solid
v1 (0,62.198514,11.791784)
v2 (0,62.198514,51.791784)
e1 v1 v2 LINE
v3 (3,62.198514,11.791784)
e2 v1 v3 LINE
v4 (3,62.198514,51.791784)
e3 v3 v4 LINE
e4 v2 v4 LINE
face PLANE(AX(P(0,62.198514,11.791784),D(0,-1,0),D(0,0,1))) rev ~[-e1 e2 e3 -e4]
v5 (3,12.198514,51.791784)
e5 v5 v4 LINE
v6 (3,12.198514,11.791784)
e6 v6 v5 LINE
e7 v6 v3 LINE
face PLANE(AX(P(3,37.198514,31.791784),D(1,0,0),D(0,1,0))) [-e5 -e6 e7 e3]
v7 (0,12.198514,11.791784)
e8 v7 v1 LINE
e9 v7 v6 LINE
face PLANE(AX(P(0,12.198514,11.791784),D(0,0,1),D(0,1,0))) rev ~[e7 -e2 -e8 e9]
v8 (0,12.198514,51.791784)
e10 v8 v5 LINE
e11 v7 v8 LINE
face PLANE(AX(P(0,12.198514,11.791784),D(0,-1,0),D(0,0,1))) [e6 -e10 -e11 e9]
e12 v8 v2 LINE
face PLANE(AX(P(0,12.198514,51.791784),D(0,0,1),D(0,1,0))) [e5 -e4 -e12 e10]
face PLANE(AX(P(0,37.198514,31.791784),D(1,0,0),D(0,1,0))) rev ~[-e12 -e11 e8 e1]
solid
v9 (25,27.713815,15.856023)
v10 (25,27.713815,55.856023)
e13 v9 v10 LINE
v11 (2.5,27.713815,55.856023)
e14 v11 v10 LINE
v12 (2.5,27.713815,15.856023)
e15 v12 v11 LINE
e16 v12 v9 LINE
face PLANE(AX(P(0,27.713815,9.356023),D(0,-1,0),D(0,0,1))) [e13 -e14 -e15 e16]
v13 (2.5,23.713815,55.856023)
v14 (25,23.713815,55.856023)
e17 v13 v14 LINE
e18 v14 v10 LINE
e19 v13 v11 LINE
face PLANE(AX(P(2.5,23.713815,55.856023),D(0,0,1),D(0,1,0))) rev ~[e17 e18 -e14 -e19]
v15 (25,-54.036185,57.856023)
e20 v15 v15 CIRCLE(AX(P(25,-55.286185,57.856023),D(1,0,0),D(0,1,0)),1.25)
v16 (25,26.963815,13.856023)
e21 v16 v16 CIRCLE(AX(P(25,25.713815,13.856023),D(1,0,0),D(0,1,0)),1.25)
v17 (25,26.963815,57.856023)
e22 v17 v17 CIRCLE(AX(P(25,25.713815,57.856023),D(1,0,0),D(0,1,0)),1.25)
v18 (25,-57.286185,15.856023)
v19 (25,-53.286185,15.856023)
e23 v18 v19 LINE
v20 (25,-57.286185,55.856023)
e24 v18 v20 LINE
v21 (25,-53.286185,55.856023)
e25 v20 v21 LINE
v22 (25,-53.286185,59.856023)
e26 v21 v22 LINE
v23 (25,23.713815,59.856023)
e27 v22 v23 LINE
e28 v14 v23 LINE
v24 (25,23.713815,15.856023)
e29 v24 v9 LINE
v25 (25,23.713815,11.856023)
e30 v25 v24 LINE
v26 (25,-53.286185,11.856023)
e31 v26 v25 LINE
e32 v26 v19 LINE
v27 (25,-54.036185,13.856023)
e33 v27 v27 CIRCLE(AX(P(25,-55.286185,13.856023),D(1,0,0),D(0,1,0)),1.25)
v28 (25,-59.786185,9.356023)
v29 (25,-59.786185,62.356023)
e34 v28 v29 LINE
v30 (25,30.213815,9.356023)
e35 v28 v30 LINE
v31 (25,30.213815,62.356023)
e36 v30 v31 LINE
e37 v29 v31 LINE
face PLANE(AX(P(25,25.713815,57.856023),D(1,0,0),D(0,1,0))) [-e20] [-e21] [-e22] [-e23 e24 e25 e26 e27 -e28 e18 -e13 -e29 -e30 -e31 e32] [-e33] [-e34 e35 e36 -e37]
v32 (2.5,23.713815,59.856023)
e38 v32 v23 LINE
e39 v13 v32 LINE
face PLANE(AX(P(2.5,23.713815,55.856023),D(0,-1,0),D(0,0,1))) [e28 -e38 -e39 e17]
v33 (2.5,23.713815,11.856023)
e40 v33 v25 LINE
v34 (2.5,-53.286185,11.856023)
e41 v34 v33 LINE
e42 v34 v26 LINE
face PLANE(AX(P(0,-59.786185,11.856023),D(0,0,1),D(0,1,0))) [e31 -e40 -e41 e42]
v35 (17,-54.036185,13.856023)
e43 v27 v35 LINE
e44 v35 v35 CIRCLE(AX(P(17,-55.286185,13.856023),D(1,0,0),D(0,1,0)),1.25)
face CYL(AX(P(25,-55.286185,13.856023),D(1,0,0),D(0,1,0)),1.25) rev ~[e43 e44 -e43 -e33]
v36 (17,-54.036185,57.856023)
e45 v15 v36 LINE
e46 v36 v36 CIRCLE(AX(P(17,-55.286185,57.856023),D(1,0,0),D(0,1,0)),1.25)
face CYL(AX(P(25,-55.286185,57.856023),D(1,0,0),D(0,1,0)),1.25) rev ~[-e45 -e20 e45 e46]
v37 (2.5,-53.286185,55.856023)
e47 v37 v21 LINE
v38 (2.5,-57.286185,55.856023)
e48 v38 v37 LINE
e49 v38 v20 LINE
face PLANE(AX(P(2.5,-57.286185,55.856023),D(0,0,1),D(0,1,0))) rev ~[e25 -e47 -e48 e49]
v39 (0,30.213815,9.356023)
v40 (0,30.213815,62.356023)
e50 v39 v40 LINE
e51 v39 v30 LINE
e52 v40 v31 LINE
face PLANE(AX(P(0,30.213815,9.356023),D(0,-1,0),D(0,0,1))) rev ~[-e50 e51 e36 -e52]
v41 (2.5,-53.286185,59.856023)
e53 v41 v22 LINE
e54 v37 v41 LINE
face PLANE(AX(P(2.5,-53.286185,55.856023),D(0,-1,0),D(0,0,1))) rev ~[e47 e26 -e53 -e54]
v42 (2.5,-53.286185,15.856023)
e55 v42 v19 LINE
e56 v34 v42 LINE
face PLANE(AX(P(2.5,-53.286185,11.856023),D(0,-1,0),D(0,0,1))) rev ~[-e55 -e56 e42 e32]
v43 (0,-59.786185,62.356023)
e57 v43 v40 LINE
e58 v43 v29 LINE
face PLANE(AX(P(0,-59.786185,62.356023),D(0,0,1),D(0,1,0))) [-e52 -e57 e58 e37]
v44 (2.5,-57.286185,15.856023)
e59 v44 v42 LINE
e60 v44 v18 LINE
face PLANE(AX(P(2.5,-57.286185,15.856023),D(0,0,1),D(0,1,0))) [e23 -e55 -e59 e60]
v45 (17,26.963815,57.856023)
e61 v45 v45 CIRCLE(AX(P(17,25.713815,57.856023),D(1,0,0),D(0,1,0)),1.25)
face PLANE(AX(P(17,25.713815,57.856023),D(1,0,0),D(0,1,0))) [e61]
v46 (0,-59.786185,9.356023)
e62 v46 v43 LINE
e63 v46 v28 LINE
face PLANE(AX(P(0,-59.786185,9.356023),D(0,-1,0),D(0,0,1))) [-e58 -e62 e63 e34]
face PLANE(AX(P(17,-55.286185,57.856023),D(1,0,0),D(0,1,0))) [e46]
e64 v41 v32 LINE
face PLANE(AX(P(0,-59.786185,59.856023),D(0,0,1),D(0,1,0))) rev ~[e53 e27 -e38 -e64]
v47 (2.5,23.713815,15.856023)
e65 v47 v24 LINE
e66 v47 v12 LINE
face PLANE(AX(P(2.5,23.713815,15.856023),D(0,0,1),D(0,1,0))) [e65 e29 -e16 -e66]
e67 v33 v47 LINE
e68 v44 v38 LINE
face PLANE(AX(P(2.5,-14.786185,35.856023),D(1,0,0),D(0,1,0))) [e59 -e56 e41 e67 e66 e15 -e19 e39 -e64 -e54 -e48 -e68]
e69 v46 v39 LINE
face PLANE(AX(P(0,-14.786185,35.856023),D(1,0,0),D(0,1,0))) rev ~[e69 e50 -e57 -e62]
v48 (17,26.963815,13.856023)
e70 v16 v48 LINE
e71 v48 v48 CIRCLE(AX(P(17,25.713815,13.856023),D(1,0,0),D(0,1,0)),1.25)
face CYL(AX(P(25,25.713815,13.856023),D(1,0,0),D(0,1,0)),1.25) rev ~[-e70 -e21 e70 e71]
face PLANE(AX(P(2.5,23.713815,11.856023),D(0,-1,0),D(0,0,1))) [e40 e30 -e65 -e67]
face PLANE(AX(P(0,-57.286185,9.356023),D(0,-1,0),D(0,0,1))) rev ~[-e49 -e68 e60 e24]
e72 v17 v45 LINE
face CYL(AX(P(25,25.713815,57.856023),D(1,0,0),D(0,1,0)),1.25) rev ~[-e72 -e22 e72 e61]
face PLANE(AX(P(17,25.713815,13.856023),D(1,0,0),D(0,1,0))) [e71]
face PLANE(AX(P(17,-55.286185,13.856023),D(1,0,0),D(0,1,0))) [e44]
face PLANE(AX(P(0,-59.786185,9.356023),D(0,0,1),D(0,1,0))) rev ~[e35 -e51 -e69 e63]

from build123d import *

# Parameters (mm, degrees)
F0_W      = 90
F0_H      = 53
F1_DEPTH  = 25
F2_T      = -2.5
F3_W      = 4
F3_H      = 4
F4_DEPTH  = 22.5
F5_W      = 4
F5_H      = 4
F6_DEPTH  = 22.5
F7_W      = 4
F7_H      = 4
F8_DEPTH  = 22.5
F9_R      = 1.25
F10_DEPTH = 8
F11_W     = 50
F11_H     = 40
F12_DEPTH = 3


with BuildPart() as f1:
    # F0 (on Right) → F1 (new body)
    with BuildSketch(Plane.YZ):
        with Locations((-14.786185, 35.856023)):
            Rectangle(F0_W, F0_H)
    extrude(amount=F1_DEPTH)

    # F2
    f2_openings = [f1.faces().sort_by_distance(p)[0] for p in [
        (25, -14.786185, 35.856023),
    ]]
    offset(amount=F2_T, openings=f2_openings)

    # F3 (on face) → F4 (join)
    with BuildSketch(Plane.YZ.offset(2.5)):
        with Locations((-55.286185, 57.856023)):
            Rectangle(F3_W, F3_H)
    extrude(amount=F4_DEPTH)

    # F5 (on face) → F6 (join)
    with BuildSketch(Plane.YZ.offset(2.5)):
        with Locations((-55.286185, 13.856023)):
            Rectangle(F5_W, F5_H)
    extrude(amount=F6_DEPTH)

    # F7 (on face) → F8 (join)
    with BuildSketch(Plane.YZ.offset(2.5)):
        with Locations((25.713815, 57.856023)):
            Rectangle(F7_W, F7_H)
        with Locations((25.713815, 13.856023)):
            Rectangle(F7_W, F7_H)
    extrude(amount=F8_DEPTH)

    # F9 (on face) → F10 (cut)
    with BuildSketch(Plane.YZ.offset(25)):
        with Locations((25.713815, 13.856023)):
            Circle(F9_R)
        with Locations((25.713815, 57.856023)):
            Circle(F9_R)
        with Locations((-55.286185, 13.856023)):
            Circle(F9_R)
        with Locations((-55.286185, 57.856023)):
            Circle(F9_R)
    extrude(amount=-F10_DEPTH, mode=Mode.SUBTRACT)


with BuildPart() as f12:
    # F11 (on Right) → F12 (new body)
    with BuildSketch(Plane.YZ):
        with Locations((37.198514, 31.791784)):
            Rectangle(F11_W, F11_H)
    extrude(amount=F12_DEPTH)


solid = Compound([f1.part, f12.part])
